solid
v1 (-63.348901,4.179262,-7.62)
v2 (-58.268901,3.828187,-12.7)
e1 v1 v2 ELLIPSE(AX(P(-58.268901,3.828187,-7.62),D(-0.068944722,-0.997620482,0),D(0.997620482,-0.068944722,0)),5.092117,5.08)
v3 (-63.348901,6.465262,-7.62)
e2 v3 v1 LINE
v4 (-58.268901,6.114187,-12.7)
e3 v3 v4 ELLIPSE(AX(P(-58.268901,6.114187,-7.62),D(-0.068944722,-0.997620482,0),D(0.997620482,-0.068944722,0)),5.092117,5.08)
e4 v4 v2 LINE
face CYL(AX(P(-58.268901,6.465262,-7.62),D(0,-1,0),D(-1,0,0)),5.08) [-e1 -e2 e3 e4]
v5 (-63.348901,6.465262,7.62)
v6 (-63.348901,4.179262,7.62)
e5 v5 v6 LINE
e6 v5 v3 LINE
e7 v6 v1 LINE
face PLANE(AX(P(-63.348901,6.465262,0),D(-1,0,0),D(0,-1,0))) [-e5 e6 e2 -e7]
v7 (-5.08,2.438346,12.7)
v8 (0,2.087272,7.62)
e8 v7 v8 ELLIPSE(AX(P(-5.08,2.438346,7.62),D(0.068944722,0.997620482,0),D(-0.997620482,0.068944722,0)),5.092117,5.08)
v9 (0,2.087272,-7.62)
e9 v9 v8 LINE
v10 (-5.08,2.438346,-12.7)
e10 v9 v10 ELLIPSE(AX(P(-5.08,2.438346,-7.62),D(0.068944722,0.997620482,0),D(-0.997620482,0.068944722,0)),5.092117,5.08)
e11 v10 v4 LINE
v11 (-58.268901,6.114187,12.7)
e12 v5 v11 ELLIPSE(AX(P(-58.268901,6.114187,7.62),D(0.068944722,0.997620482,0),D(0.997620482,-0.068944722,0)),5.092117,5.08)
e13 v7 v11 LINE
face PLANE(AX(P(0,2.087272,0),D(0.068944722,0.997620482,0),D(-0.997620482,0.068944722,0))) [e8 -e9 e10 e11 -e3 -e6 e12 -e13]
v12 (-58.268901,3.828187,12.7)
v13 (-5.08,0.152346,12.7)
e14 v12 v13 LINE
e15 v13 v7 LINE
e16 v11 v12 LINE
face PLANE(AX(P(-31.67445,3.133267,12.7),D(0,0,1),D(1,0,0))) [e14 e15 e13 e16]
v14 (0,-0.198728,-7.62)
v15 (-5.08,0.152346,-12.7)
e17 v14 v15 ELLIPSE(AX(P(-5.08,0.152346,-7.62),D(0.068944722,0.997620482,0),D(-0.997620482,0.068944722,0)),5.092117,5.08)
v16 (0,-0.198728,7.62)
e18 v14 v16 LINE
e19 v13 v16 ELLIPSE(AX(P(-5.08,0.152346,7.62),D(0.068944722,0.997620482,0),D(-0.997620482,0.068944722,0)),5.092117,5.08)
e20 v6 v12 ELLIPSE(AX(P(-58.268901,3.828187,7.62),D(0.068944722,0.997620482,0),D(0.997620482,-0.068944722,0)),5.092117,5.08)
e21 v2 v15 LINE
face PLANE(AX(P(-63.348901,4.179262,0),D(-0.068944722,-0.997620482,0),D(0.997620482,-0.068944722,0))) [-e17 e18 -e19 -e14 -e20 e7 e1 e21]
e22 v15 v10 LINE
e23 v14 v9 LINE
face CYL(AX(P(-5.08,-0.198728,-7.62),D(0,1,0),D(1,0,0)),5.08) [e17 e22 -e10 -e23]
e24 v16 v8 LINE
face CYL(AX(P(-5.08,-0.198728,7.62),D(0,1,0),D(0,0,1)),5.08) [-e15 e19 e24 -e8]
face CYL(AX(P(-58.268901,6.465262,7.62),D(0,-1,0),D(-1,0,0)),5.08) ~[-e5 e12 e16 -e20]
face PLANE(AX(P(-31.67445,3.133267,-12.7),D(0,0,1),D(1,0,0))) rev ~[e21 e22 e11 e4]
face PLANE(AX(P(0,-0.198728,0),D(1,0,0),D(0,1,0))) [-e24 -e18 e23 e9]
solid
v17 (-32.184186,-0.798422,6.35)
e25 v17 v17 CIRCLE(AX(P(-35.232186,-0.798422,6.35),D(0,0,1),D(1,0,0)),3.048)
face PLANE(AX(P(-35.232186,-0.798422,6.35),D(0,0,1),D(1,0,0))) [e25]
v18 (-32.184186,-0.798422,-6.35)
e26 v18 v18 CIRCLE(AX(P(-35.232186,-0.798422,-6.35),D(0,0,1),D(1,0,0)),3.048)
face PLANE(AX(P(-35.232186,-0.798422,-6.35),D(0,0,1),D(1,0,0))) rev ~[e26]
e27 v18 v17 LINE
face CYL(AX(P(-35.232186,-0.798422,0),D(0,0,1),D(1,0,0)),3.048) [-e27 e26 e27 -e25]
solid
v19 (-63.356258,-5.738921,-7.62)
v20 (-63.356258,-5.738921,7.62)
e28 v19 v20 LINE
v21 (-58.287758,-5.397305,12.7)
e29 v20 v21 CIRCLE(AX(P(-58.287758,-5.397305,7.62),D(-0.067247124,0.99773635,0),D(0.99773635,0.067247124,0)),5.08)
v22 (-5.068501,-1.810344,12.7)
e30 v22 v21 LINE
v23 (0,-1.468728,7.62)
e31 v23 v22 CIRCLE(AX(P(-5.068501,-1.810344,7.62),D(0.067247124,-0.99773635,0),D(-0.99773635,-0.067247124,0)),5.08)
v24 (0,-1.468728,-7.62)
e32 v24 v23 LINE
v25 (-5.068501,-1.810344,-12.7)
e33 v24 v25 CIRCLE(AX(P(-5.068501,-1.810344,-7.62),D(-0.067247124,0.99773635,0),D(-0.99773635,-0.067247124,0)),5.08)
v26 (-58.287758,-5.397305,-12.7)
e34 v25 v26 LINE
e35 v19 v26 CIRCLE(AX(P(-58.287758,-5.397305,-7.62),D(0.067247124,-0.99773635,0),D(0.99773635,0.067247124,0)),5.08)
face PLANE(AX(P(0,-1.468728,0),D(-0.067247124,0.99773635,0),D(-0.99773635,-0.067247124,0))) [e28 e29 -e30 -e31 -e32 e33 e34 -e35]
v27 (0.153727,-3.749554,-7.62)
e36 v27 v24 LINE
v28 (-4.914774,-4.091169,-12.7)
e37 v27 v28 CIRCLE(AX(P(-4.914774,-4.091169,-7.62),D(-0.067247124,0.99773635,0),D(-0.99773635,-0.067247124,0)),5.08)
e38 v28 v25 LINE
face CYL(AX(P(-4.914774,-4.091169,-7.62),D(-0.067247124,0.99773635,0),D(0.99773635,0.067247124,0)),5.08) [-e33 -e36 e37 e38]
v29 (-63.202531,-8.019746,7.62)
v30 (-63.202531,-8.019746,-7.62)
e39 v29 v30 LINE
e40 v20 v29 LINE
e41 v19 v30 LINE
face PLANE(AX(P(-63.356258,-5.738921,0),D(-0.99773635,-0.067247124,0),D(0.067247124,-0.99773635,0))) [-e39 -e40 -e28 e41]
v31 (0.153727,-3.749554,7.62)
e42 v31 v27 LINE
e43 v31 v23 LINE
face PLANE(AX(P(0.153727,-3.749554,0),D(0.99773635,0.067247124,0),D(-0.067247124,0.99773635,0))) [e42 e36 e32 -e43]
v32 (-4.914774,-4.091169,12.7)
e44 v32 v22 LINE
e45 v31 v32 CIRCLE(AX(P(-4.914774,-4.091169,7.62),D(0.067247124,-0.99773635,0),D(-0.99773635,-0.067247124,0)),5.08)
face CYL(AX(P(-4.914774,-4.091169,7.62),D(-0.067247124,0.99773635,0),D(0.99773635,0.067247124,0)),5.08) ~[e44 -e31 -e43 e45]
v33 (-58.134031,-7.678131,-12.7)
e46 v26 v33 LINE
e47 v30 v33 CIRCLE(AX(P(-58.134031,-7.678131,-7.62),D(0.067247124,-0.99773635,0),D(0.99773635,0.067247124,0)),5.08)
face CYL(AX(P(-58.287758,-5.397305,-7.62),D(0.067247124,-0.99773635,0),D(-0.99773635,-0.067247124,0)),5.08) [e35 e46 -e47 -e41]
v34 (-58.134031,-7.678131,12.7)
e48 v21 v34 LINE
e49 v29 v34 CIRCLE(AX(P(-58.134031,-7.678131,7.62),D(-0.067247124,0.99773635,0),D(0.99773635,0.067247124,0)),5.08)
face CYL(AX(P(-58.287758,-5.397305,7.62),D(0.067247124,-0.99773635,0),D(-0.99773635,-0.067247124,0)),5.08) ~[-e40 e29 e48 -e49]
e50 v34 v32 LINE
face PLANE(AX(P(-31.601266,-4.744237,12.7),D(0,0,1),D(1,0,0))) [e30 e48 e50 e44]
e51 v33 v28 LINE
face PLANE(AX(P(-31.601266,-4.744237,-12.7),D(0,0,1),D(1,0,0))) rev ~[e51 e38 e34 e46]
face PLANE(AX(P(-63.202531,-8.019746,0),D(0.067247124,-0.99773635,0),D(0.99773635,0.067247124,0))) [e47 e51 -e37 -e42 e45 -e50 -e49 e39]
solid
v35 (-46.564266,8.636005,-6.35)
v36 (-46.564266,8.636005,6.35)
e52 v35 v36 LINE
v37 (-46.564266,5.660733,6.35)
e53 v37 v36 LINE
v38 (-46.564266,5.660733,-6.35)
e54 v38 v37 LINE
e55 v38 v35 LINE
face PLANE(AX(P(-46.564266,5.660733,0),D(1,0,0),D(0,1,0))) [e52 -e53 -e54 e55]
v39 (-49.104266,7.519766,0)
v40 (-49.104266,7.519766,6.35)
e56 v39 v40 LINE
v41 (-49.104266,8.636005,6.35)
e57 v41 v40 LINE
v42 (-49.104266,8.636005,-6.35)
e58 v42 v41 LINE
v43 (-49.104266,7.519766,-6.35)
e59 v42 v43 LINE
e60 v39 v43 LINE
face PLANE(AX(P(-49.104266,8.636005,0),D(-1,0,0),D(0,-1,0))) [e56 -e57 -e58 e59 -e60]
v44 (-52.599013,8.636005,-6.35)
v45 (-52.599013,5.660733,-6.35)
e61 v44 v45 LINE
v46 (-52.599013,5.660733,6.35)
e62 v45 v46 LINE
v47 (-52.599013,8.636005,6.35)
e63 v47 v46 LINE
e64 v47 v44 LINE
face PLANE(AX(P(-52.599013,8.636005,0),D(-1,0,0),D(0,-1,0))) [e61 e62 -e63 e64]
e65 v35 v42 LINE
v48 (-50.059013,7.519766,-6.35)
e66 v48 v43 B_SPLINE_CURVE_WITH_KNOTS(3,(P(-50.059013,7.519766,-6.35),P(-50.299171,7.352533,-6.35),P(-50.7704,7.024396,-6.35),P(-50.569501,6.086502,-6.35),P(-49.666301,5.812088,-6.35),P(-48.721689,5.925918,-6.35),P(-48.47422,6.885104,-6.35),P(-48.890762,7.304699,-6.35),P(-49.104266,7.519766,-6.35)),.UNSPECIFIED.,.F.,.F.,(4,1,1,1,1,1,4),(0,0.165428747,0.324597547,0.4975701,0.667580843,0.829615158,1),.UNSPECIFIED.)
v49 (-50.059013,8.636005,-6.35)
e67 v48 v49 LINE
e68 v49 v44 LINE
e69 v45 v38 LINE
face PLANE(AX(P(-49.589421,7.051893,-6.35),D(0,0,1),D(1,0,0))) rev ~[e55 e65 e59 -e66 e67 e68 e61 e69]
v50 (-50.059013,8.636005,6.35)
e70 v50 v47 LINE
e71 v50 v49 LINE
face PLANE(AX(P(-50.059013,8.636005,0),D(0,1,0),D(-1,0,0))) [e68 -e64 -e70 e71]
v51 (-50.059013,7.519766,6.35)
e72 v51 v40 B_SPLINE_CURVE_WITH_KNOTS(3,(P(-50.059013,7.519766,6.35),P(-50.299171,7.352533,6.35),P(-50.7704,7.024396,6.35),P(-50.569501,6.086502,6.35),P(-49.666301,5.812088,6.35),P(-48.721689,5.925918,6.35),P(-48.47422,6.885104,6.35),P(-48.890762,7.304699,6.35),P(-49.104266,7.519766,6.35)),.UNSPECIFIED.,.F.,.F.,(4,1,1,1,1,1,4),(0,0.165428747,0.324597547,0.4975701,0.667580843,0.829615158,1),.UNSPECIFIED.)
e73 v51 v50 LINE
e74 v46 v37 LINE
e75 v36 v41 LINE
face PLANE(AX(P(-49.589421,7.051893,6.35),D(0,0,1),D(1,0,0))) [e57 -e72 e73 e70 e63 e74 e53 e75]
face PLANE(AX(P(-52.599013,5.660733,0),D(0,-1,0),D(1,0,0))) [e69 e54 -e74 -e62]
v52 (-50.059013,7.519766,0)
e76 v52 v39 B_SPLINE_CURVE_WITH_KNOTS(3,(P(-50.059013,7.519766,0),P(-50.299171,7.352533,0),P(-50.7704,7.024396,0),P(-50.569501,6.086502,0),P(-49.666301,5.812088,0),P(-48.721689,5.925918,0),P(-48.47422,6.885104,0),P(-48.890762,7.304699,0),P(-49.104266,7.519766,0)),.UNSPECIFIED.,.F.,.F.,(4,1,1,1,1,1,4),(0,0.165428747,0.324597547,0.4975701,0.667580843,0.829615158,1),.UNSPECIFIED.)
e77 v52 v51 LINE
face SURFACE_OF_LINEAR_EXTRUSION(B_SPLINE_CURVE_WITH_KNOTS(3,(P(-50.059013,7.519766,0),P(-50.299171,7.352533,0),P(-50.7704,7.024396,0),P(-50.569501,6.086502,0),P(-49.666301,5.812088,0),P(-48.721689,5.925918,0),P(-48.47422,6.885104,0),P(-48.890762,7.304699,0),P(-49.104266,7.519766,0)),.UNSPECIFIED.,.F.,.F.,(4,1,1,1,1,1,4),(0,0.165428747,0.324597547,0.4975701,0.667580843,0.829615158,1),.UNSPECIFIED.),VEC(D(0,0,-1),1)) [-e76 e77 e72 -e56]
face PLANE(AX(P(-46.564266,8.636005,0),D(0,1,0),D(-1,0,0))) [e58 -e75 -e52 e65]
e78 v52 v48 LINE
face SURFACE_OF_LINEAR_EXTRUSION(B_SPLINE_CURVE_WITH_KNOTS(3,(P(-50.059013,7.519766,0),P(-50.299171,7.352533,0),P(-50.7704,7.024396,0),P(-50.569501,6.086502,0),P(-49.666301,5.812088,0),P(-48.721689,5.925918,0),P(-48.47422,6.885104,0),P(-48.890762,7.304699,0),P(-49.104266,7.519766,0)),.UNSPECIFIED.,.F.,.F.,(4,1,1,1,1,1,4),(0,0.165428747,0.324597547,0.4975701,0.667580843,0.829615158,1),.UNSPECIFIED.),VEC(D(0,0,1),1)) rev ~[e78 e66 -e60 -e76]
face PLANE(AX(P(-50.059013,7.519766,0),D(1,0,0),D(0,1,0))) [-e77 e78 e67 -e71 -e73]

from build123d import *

# Parameters (mm, degrees)
F1_DEPTH = 12.7
F2_R     = 3.048
F3_DEPTH = 6.35
F4_R     = 5.08
F4_2_R   = 5.08


with BuildPart() as f1:
    # F0 (on Top) → F1 (new body, symmetric)
    with BuildSketch(Plane.XY):
        Polygon((-63.3489005822, 4.1792615378), (0, -0.1987283007), (0, 2.0872716993), (-63.3489005822, 6.4652615378), align=None)
    extrude(amount=F1_DEPTH, both=True)

    # F4
    f4_edges = [f1.edges().sort_by_distance(p)[0] for p in [
        (0, 0.944272, 12.7),
        (0, 0.944272, -12.7),
        (-63.348901, 5.322262, 12.7),
        (-63.348901, 5.322262, -12.7),
    ]]
    fillet(f4_edges, radius=F4_R)


with BuildPart() as f1b:
    # F0 (on Top) → F1, piece 2 (new body, symmetric)
    with BuildSketch(Plane.XY):
        Polygon((0.1537269254, -3.749553597), (0, -1.4687283007), (-63.3562582316, -5.7389206721), (-63.2025313062, -8.0197459685), align=None)
    extrude(amount=F1_DEPTH, both=True)

    # F4#2
    f4_2_edges = [f1b.edges().sort_by_distance(p)[0] for p in [
        (0.076863, -2.609141, 12.7),
        (0.076863, -2.609141, -12.7),
        (-63.279395, -6.879333, 12.7),
        (-63.279395, -6.879333, -12.7),
    ]]
    fillet(f4_2_edges, radius=F4_2_R)


with BuildPart() as f3:
    # F2 (on Top) → F3 (new body, symmetric)
    with BuildSketch(Plane.XY):
        with Locations((-35.2321863174, -0.7984223776)):
            Circle(F2_R)
    extrude(amount=F3_DEPTH, both=True)


with BuildPart() as f3b:
    # F2 (on Top) → F3, piece 2 (new body, symmetric)
    with BuildSketch(Plane.XY):
        with BuildLine():
            Line((-52.5990128517, 8.6360052228), (-52.5990128517, 5.6607332081))
            Line((-52.5990128517, 5.6607332081), (-46.5642656517, 5.6607332081))
            Line((-46.5642656517, 5.6607332081), (-46.5642656517, 8.6360052228))
            Line((-46.5642656517, 8.6360052228), (-49.1042656517, 8.6360052228))
            Line((-49.1042656517, 8.6360052228), (-49.1042656517, 7.5197662227))
            add(Edge.make_bspline(
                [(-50.0590128517, 7.5197662227), (-50.2991710754, 7.3525333206), (-50.7703997584, 7.0243957328), (-50.5695007818, 6.0865020248), (-49.6663013324, 5.8120882742), (-48.7216894107, 5.92591807), (-48.474219616, 6.8851035433), (-48.8907623894, 7.3046985215), (-49.1042656517, 7.5197662227)],
                knots=[0, 0, 0, 0, 0.1654287466, 0.3245975474, 0.4975700997, 0.6675808428, 0.8296151582, 1, 1, 1, 1], degree=3))
            Line((-50.0590128517, 7.5197662227), (-50.0590128517, 8.6360052228))
            Line((-50.0590128517, 8.6360052228), (-52.5990128517, 8.6360052228))
        make_face()
    extrude(amount=F3_DEPTH, both=True)


solid = Compound([f1.part, f1b.part, f3.part, f3b.part])
